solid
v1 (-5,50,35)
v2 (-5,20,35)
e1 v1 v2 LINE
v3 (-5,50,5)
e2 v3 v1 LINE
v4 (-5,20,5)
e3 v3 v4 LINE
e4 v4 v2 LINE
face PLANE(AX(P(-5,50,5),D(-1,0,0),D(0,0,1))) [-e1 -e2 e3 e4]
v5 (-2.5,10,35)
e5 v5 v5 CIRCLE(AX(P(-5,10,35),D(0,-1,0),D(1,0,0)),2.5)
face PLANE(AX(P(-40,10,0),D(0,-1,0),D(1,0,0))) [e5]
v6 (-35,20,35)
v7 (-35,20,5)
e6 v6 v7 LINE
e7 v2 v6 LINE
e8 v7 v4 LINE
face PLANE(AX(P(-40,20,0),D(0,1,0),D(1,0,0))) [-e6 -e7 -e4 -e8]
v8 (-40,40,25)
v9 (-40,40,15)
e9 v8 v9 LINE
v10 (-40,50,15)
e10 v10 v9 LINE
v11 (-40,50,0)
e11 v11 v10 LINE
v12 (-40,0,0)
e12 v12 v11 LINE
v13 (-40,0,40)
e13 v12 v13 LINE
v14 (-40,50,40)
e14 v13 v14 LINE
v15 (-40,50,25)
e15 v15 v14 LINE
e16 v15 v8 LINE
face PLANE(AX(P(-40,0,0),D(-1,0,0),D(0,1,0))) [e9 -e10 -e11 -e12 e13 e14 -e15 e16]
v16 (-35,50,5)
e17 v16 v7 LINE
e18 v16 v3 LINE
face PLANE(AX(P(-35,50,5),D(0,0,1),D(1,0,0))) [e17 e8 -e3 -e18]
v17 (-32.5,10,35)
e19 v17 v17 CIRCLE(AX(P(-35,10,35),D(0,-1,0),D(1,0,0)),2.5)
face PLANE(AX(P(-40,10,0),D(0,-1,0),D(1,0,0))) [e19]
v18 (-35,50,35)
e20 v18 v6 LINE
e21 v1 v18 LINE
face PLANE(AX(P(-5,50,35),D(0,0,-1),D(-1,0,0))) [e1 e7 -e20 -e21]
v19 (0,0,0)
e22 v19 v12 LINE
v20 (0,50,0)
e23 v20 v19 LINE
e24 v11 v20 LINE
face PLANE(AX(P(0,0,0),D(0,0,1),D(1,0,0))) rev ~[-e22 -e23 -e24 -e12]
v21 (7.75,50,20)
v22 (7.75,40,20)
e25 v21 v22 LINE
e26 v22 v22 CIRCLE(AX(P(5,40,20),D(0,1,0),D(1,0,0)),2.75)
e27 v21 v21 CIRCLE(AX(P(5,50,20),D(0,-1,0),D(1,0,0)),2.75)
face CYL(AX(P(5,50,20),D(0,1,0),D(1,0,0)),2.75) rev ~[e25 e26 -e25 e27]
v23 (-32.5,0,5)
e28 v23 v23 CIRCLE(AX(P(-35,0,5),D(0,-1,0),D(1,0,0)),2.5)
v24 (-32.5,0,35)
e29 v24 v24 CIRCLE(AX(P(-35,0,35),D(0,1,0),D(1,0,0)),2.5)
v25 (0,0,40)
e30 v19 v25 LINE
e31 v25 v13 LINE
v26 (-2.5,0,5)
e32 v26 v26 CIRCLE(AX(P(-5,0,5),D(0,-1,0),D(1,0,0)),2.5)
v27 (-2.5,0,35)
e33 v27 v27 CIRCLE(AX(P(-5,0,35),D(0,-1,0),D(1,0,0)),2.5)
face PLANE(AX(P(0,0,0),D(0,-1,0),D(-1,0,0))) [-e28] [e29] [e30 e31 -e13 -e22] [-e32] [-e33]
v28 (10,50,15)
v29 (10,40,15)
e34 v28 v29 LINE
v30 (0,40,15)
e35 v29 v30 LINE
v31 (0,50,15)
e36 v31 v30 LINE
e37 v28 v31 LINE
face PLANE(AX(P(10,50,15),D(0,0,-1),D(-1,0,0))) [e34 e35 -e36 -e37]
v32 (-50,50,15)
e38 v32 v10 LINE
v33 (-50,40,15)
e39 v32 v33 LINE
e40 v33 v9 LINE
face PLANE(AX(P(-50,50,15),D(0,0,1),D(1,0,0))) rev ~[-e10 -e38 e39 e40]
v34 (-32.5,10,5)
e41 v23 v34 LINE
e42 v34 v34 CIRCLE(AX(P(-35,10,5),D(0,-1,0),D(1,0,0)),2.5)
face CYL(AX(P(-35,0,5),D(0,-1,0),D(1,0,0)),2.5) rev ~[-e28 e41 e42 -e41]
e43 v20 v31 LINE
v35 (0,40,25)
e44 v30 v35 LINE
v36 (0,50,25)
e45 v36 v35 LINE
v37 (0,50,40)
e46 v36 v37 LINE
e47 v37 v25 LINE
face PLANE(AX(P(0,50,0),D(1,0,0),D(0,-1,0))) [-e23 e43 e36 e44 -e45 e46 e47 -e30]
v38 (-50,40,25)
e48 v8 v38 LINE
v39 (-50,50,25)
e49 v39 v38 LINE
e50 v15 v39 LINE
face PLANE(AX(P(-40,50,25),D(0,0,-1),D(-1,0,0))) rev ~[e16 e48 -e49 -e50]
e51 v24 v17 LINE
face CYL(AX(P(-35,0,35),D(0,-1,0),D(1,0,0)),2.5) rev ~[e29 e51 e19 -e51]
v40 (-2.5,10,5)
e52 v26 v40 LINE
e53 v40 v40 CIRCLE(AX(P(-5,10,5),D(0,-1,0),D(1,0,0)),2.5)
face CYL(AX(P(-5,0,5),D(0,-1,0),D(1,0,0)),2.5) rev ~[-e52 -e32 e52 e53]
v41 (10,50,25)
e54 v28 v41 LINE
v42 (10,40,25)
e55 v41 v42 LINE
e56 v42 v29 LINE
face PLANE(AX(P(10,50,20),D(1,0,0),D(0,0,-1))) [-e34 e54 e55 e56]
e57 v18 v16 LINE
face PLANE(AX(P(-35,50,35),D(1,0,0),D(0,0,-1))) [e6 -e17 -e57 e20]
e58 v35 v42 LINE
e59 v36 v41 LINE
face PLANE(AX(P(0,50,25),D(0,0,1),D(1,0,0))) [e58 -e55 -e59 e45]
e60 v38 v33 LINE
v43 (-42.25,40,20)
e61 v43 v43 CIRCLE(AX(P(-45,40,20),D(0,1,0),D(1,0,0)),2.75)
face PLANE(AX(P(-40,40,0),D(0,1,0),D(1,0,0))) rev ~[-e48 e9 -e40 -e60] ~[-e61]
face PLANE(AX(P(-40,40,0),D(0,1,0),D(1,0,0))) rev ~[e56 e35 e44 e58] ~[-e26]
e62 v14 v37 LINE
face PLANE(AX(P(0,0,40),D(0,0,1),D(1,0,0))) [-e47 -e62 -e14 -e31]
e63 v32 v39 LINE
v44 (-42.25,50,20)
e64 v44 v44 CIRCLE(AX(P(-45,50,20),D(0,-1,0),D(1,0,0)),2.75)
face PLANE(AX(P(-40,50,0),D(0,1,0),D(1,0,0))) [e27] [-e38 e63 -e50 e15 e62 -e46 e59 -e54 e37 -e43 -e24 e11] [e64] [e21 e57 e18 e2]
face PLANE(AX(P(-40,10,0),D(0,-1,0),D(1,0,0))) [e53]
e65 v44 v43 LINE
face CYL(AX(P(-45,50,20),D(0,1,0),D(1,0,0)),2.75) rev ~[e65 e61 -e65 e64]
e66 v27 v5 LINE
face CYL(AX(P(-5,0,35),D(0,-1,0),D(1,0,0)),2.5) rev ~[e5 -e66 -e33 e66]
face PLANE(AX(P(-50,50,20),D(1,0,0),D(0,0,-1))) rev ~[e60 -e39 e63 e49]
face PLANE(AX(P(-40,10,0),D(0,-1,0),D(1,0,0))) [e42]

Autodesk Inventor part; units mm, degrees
ref_plane "YZ Plane" through (0, 0, 0) normal (1, 0, 0) x (0, 1, 0)
ref_plane "XZ Plane" through (0, 0, 0) normal (0, 1, 0) x (-1, 0, 0)
ref_plane "XY Plane" through (0, 0, 0) normal (0, 0, 1) x (1, 0, 0)
sketch "Sketch1" plane through (0, 0, 0) normal (0, 0, 1) x (1, 0, 0)
  line L0 (0, 0) -> (-40, 0)
  line L1 (-40, 0) -> (-40, 50)
  line L2 (-40, 50) -> (0, 50)
  line L3 (0, 50) -> (0, 0)
  dimension "d0" = 50
  dimension "d1" = 40
extrude "Extrusion1" add sketch "Sketch1" along normal blind 40
sketch "Sketch2" plane through (-40, 50, 0) normal (0, 1, 0) x (1, 0, 0)
  line L0 (40, 0) -> (0, 0) projected
  line L1 (0, 0) -> (0, -40) projected
  line L2 (40, -40) -> (0, -40) projected
  line L3 (40, 0) -> (40, -40) projected
  line L4 (5, -5) -> (35, -5)
  line L5 (35, -5) -> (35, -35)
  line L6 (35, -35) -> (5, -35)
  line L7 (5, -35) -> (5, -5)
  dimension "d5" = 5
extrude "Extrusion2" cut sketch "Sketch2" against normal blind 30 contours L4 L5 L6 L7
sketch "Sketch3" plane through (-40, 0, 0) normal (0, -1, 0) x (1, 0, 0)
  circle A0 centre (5, 35) radius 2.5
  line L0 (5, 35) -> (7.3437, 35)
  line L1 (7.3437, 35) -> (7.3437, 32.7108)
  circle A1 centre (35, 35) radius 2.5
  circle A2 centre (5, 5) radius 2.5
  circle A3 centre (35, 5) radius 2.5
  line L2 (0, 40) -> (40, 40) projected
  line L3 (0, 0) -> (0, 40) projected
  point P0 (40, 0)
  dimension "d10" = 30
  dimension "d13" = 30
  dimension "d16" = 5
  dimension "d17" = 5
  dimension "d18" = 5
extrude "Extrusion3" cut sketch "Sketch3" against normal blind 10
sketch "Sketch4" plane through (-40, 50, 0) normal (0, 1, 0) x (1, 0, 0)
  line L0 (0, 0) -> (0, -40) projected
  line L1 (0, -25) -> (-10, -25)
  line L2 (-10, -25) -> (-10, -15)
  line L3 (-10, -15) -> (0, -15)
  line L4 (0, -15) -> (0, -25)
  line L5 (40, 0) -> (40, -40) projected
  line L6 (40, -25) -> (50, -25)
  line L7 (50, -25) -> (50, -15)
  line L8 (50, -15) -> (40, -15)
  line L9 (40, -15) -> (40, -25)
  line L10 (-23.587, -20) -> (57.8749, -20)
  line L11 (40, -40) -> (0, -40) projected
  line L12 (35, -5) -> (35, -35) projected
  line L13 (35, -35) -> (5, -35) projected
  line L14 (5, -35) -> (5, -5) projected
  line L15 (5, -5) -> (35, -5) projected
  line L16 (40, 0) -> (0, 0) projected
  line L17 (0, 0) -> (0, -40) projected
  line L18 (40, -40) -> (0, -40) projected
  line L19 (40, 0) -> (40, -40) projected
  circle A0 centre (-5, -20) radius 2.75
  circle A1 centre (45, -20) radius 2.75
  point P0 (0, -20)
  point P1 (0, -20)
  point P2 (-5, -15)
  point P3 (45, -15)
  dimension "d21" = 10
  dimension "d22" = 10
  dimension "d23" = 10
  dimension "d26" = 5.5
  dimension "d27" = 5.5
extrude "Extrusion4" add sketch "Sketch4" against normal blind 10 contours L0 L10 A0 L2 L3 | L0 L1 L2 L10 A0 | L8 L7 L10 A1 L5 | L10 A1 L7 L6 L5
properties part number "battery5V_box"
